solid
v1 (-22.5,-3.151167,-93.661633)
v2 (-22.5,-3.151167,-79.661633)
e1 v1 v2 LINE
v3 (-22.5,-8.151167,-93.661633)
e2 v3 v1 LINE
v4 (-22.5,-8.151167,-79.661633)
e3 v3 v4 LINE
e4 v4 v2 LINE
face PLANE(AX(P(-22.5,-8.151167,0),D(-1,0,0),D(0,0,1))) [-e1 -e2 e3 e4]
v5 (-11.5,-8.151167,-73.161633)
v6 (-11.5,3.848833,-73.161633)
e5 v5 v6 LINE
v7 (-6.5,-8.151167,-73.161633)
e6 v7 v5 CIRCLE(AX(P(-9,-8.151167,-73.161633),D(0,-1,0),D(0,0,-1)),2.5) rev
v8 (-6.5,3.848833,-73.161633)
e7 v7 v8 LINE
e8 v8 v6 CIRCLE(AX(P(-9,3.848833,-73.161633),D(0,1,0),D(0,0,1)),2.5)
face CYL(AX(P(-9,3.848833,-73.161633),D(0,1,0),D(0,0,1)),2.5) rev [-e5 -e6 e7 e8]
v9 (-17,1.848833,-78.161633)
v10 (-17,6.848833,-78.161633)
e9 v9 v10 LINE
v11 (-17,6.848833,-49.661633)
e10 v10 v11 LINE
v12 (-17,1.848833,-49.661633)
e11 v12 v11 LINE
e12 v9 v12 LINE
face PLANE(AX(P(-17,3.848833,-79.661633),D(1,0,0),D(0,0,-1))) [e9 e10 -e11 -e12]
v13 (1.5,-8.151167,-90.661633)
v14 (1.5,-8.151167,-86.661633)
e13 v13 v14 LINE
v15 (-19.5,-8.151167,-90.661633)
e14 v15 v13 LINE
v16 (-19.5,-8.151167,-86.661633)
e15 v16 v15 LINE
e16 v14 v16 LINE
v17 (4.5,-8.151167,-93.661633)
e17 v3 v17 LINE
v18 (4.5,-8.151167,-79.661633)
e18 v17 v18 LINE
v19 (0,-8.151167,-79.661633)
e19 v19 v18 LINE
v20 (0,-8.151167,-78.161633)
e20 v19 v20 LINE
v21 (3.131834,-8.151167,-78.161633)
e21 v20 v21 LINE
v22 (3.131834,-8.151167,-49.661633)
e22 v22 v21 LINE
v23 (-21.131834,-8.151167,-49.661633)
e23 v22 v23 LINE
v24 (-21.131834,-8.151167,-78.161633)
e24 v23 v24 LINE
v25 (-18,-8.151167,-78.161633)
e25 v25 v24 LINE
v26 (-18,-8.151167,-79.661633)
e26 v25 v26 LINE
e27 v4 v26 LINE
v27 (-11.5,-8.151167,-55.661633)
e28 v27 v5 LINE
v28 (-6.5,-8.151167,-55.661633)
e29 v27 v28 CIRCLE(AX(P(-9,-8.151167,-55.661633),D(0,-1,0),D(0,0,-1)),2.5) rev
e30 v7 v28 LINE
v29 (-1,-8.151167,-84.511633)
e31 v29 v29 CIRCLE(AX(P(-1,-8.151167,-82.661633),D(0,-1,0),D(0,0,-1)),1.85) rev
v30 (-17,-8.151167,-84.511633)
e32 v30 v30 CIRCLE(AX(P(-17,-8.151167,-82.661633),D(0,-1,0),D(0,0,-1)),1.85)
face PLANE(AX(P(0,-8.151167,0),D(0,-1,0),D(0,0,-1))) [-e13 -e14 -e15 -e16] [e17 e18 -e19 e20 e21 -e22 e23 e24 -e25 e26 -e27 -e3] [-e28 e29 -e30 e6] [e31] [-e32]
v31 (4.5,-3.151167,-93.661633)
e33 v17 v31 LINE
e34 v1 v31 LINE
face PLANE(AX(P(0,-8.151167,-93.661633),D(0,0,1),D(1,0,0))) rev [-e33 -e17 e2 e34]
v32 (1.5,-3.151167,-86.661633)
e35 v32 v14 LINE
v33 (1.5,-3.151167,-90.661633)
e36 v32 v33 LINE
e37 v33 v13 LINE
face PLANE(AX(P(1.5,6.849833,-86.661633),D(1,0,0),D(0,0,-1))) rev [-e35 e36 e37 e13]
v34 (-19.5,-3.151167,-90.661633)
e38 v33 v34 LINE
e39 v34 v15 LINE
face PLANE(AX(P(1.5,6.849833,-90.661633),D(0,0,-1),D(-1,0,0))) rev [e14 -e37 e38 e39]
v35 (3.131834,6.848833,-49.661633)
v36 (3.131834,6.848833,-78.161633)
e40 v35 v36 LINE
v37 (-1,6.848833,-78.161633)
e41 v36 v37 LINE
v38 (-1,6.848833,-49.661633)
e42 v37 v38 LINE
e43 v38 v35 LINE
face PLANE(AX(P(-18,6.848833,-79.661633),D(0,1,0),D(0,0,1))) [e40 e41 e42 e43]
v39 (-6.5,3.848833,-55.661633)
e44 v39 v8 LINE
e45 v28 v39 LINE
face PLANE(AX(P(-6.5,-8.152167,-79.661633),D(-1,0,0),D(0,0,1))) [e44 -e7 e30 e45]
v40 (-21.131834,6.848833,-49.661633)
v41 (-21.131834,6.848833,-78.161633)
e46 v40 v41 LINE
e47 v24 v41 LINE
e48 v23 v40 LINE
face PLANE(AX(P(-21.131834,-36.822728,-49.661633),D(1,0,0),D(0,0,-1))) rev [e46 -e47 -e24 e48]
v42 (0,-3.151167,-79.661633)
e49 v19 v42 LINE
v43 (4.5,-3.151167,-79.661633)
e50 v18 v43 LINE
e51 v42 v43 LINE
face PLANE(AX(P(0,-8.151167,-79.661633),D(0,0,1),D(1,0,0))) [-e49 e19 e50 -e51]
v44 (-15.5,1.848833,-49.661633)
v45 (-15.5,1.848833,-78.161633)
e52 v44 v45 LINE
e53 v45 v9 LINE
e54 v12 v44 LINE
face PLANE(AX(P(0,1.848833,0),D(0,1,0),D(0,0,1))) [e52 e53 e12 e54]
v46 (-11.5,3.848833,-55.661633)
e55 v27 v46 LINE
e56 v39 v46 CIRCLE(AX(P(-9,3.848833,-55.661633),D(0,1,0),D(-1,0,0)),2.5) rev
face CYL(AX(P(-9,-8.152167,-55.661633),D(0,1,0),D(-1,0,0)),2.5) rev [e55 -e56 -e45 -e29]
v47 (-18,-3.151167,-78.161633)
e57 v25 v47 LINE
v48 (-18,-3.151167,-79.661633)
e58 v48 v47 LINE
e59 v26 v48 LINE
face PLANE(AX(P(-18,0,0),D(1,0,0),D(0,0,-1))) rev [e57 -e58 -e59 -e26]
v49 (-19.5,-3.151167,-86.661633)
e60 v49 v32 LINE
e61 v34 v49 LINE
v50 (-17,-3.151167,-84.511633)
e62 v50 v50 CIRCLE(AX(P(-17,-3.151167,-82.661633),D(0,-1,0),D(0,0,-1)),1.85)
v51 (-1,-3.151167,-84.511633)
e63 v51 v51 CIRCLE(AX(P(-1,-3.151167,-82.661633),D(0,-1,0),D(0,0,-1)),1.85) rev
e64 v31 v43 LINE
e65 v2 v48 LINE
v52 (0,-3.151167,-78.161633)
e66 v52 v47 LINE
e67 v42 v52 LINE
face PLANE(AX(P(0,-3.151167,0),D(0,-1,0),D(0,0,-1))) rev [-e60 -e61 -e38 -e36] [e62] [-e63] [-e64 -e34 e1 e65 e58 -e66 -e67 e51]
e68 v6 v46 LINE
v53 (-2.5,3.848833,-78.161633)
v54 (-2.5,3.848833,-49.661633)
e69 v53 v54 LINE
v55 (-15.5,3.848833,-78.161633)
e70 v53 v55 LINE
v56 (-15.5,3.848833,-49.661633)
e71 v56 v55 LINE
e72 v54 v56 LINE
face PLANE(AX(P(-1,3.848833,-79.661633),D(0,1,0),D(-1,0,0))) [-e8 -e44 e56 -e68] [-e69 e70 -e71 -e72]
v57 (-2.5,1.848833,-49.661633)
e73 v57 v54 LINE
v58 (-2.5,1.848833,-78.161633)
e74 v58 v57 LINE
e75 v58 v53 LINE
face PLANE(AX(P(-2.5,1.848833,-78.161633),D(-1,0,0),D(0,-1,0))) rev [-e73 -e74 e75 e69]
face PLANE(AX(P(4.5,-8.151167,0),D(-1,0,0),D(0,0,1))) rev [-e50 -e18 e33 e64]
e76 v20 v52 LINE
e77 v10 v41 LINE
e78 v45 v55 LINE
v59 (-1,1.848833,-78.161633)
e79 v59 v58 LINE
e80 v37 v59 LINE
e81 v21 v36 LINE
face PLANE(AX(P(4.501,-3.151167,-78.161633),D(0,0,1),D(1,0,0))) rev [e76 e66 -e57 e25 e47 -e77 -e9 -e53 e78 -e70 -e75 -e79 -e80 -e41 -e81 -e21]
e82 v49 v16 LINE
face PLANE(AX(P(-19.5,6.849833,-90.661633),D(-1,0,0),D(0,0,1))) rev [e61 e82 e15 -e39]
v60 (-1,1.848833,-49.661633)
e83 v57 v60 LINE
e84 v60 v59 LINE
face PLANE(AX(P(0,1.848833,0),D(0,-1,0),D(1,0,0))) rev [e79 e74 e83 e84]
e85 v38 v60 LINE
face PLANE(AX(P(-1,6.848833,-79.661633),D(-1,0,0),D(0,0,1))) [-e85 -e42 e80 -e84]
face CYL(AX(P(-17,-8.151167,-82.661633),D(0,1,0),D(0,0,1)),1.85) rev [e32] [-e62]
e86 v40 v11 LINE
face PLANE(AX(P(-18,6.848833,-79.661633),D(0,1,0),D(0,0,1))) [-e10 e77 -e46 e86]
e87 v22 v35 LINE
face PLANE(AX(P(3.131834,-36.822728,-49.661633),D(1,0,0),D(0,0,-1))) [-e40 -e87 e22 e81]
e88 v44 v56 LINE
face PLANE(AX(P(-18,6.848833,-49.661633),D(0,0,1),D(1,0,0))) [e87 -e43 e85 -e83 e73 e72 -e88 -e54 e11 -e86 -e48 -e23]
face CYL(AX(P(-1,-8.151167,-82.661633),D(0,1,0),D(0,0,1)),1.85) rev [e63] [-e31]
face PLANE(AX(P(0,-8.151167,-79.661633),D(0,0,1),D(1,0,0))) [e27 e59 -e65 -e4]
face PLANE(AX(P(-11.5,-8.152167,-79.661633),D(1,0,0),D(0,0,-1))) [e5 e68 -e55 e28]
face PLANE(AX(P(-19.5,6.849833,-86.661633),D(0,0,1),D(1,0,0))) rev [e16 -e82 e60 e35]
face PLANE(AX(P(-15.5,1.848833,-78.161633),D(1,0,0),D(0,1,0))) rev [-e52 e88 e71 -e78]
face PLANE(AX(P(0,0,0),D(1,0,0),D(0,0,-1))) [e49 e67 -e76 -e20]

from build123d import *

# Parameters (mm, degrees)
CROQUIS1_W                    = 30
CROQUIS1_H                    = 10
SALIENTE_EXTRUIR1_DEPTH       = 18
CROQUIS2_W                    = 16
CROQUIS2_H                    = 3
CORTAR_EXTRUIR1_DEPTH         = 39.831471343
DI_METRO_DE_TALADRO_5_0_5_1_D = 5
DI_METRO_DE_TALADRO_5_0_5_2_D = 5
SALIENTE_EXTRUIR2_START       = 5
CROQUIS7_W                    = 18
CROQUIS7_H                    = 30
CROQUIS7_R                    = 2.5
CROQUIS7_R_2                  = 1.85
SALIENTE_EXTRUIR2_DEPTH       = 5
CORTAR_EXTRUIR3_REACH         = 99.487
CROQUIS9_W                    = 21
CROQUIS9_H                    = 4
CORTAR_EXTRUIR4_REACH         = 98.671
CROQUIS12_W                   = 1.5
CROQUIS12_H                   = 10
CROQUIS11_W                   = 3.131833875
CROQUIS11_H                   = 28.5
SALIENTE_EXTRUIR4_DEPTH       = 15
CROQUIS13_W                   = 1.5
CROQUIS13_H                   = 28.5
CORTAR_EXTRUIR5_DEPTH         = 2
CORTAR_EXTRUIR6_START         = -12
CORTAR_EXTRUIR6_DEPTH         = 15


with BuildPart() as part:
    # Croquis1 → Saliente-Extruir1 (new body)
    with BuildSketch(Plane(origin=(0, 0, 0), x_dir=(0, 0, -1), z_dir=(1, 0, 0))):
        with Locations((64.661633078, 1.848832797)):
            Rectangle(CROQUIS1_W, CROQUIS1_H)
    extrude(amount=-SALIENTE_EXTRUIR1_DEPTH)

    # Croquis2 → Cortar-Extruir1 (cut, through all)
    with BuildSketch(Plane(origin=(0, 13.697665595, -49.661633078), x_dir=(1, 0, 0), z_dir=(0, 0, -1))):
        with Locations((-9, 8.348832797)):
            Rectangle(CROQUIS2_W, CROQUIS2_H)
    extrude(amount=CORTAR_EXTRUIR1_DEPTH, mode=Mode.SUBTRACT)

    # Diámetro de taladro Ø5.0 (5)1 (through all)
    with Locations(Plane(origin=(0, 3.848832797, 0), x_dir=(1, 0, 0), z_dir=(0, 1, 0))):
        with Locations((-9, 65.161633078)):
            Hole(DI_METRO_DE_TALADRO_5_0_5_1_D / 2)

    # Diámetro de taladro Ø5.0 (5)2 (through all)
    with Locations(Plane(origin=(0, 3.848832797, 0), x_dir=(1, 0, 0), z_dir=(0, 1, 0))):
        with Locations((-9, 73.161633078)):
            Hole(DI_METRO_DE_TALADRO_5_0_5_2_D / 2)

    # Croquis7 → Saliente-Extruir2 (add)
    # profile 1 of 2: a face of its own
    with BuildSketch(Plane.XZ.offset(3.151167203).offset(SALIENTE_EXTRUIR2_START)):
        with Locations((-9, -64.661633078)):
            Rectangle(CROQUIS7_W, CROQUIS7_H)
        with Locations(Location((-9, -65.161633078, 0), (0, 0, 90))):
            Circle(CROQUIS7_R, mode=Mode.SUBTRACT)
        with Locations(Location((-9, -73.161633078, 0), (0, 0, 90))):
            Circle(CROQUIS7_R, mode=Mode.SUBTRACT)
    # profile 2 of 2: a face of its own
    with BuildSketch(Plane.XZ.offset(3.151167203).offset(SALIENTE_EXTRUIR2_START)):
        Polygon((0, -79.661633078), (4.5, -79.661633078), (4.5, -93.661633078), (-22.5, -93.661633078), (-22.5, -79.661633078), (-18, -79.661633078), align=None)
        with Locations(Location((-17, -82.661633078, 0), (0, 0, 270))):
            Circle(CROQUIS7_R_2, mode=Mode.SUBTRACT)
        with Locations(Location((-1, -82.661633078, 0), (0, 0, 270))):
            Circle(CROQUIS7_R_2, mode=Mode.SUBTRACT)
    extrude(amount=-SALIENTE_EXTRUIR2_DEPTH)

    # Croquis9 → Cortar-Extruir3 (cut, up to next)
    with BuildSketch(Plane(origin=(0, -8.151167203, 0), x_dir=(-1, 0, 0), z_dir=(0, -1, 0)), mode=Mode.PRIVATE) as cortar_extruir3_sk1:
        with Locations((9, 88.661633078)):
            Rectangle(CROQUIS9_W, CROQUIS9_H)
    cortar_extruir3_tool1 = extrude(cortar_extruir3_sk1.sketch, amount=-CORTAR_EXTRUIR3_REACH, mode=Mode.PRIVATE) & part.part
    add(cortar_extruir3_tool1.solids().sort_by_distance((-9, -8.151167, -88.661633))[0], mode=Mode.SUBTRACT)

    # Croquis12 → Cortar-Extruir4 (cut, up to next)
    with BuildSketch(Plane.ZY.offset(18), mode=Mode.PRIVATE) as cortar_extruir4_sk1:
        with Locations((-78.911633078, 1.848832797)):
            Rectangle(CROQUIS12_W, CROQUIS12_H)
    cortar_extruir4_tool1 = extrude(cortar_extruir4_sk1.sketch, amount=-CORTAR_EXTRUIR4_REACH, mode=Mode.PRIVATE) & part.part
    add(cortar_extruir4_tool1.solids().sort_by_distance((-18, 1.848833, -78.911633))[0], mode=Mode.SUBTRACT)

    # Croquis11 → Saliente-Extruir4 (add)
    with BuildSketch(Plane(origin=(0, 6.848832797, 0), x_dir=(1, 0, 0), z_dir=(0, 1, 0))):
        with Locations((-19.565916937, 63.911633078)):
            Rectangle(CROQUIS11_W, CROQUIS11_H)
        with Locations((1.565916938, 63.911633078)):
            Rectangle(CROQUIS11_W, CROQUIS11_H)
    extrude(amount=-SALIENTE_EXTRUIR4_DEPTH)

    # Croquis13 → Cortar-Extruir5 (cut)
    with BuildSketch(Plane(origin=(0, 3.848832797, 0), x_dir=(1, 0, 0), z_dir=(0, 1, 0))):
        with Locations((-16.25, 63.911633078)):
            Rectangle(CROQUIS13_W, CROQUIS13_H)
        with Locations((-1.75, 63.911633078)):
            Rectangle(CROQUIS13_W, CROQUIS13_H)
    extrude(amount=-CORTAR_EXTRUIR5_DEPTH, mode=Mode.SUBTRACT)

    # Croquis14 → Cortar-Extruir6 (cut)
    with BuildSketch(Plane(origin=(0, 3.848832797, 0), x_dir=(1, 0, 0), z_dir=(0, 1, 0)).offset(CORTAR_EXTRUIR6_START)):
        with BuildLine():
            Line((-6.5, 55.661633078), (-6.5, 73.161633078))
            ThreePointArc((-6.5, 73.161633078), (-9, 75.661633078), (-11.5, 73.161633078))
            Line((-11.5, 73.161633078), (-11.5, 55.661633078))
            ThreePointArc((-11.5, 55.661633078), (-9, 53.161633078), (-6.5, 55.661633078))
        make_face()
    extrude(amount=CORTAR_EXTRUIR6_DEPTH, mode=Mode.SUBTRACT)


solid = part.part
